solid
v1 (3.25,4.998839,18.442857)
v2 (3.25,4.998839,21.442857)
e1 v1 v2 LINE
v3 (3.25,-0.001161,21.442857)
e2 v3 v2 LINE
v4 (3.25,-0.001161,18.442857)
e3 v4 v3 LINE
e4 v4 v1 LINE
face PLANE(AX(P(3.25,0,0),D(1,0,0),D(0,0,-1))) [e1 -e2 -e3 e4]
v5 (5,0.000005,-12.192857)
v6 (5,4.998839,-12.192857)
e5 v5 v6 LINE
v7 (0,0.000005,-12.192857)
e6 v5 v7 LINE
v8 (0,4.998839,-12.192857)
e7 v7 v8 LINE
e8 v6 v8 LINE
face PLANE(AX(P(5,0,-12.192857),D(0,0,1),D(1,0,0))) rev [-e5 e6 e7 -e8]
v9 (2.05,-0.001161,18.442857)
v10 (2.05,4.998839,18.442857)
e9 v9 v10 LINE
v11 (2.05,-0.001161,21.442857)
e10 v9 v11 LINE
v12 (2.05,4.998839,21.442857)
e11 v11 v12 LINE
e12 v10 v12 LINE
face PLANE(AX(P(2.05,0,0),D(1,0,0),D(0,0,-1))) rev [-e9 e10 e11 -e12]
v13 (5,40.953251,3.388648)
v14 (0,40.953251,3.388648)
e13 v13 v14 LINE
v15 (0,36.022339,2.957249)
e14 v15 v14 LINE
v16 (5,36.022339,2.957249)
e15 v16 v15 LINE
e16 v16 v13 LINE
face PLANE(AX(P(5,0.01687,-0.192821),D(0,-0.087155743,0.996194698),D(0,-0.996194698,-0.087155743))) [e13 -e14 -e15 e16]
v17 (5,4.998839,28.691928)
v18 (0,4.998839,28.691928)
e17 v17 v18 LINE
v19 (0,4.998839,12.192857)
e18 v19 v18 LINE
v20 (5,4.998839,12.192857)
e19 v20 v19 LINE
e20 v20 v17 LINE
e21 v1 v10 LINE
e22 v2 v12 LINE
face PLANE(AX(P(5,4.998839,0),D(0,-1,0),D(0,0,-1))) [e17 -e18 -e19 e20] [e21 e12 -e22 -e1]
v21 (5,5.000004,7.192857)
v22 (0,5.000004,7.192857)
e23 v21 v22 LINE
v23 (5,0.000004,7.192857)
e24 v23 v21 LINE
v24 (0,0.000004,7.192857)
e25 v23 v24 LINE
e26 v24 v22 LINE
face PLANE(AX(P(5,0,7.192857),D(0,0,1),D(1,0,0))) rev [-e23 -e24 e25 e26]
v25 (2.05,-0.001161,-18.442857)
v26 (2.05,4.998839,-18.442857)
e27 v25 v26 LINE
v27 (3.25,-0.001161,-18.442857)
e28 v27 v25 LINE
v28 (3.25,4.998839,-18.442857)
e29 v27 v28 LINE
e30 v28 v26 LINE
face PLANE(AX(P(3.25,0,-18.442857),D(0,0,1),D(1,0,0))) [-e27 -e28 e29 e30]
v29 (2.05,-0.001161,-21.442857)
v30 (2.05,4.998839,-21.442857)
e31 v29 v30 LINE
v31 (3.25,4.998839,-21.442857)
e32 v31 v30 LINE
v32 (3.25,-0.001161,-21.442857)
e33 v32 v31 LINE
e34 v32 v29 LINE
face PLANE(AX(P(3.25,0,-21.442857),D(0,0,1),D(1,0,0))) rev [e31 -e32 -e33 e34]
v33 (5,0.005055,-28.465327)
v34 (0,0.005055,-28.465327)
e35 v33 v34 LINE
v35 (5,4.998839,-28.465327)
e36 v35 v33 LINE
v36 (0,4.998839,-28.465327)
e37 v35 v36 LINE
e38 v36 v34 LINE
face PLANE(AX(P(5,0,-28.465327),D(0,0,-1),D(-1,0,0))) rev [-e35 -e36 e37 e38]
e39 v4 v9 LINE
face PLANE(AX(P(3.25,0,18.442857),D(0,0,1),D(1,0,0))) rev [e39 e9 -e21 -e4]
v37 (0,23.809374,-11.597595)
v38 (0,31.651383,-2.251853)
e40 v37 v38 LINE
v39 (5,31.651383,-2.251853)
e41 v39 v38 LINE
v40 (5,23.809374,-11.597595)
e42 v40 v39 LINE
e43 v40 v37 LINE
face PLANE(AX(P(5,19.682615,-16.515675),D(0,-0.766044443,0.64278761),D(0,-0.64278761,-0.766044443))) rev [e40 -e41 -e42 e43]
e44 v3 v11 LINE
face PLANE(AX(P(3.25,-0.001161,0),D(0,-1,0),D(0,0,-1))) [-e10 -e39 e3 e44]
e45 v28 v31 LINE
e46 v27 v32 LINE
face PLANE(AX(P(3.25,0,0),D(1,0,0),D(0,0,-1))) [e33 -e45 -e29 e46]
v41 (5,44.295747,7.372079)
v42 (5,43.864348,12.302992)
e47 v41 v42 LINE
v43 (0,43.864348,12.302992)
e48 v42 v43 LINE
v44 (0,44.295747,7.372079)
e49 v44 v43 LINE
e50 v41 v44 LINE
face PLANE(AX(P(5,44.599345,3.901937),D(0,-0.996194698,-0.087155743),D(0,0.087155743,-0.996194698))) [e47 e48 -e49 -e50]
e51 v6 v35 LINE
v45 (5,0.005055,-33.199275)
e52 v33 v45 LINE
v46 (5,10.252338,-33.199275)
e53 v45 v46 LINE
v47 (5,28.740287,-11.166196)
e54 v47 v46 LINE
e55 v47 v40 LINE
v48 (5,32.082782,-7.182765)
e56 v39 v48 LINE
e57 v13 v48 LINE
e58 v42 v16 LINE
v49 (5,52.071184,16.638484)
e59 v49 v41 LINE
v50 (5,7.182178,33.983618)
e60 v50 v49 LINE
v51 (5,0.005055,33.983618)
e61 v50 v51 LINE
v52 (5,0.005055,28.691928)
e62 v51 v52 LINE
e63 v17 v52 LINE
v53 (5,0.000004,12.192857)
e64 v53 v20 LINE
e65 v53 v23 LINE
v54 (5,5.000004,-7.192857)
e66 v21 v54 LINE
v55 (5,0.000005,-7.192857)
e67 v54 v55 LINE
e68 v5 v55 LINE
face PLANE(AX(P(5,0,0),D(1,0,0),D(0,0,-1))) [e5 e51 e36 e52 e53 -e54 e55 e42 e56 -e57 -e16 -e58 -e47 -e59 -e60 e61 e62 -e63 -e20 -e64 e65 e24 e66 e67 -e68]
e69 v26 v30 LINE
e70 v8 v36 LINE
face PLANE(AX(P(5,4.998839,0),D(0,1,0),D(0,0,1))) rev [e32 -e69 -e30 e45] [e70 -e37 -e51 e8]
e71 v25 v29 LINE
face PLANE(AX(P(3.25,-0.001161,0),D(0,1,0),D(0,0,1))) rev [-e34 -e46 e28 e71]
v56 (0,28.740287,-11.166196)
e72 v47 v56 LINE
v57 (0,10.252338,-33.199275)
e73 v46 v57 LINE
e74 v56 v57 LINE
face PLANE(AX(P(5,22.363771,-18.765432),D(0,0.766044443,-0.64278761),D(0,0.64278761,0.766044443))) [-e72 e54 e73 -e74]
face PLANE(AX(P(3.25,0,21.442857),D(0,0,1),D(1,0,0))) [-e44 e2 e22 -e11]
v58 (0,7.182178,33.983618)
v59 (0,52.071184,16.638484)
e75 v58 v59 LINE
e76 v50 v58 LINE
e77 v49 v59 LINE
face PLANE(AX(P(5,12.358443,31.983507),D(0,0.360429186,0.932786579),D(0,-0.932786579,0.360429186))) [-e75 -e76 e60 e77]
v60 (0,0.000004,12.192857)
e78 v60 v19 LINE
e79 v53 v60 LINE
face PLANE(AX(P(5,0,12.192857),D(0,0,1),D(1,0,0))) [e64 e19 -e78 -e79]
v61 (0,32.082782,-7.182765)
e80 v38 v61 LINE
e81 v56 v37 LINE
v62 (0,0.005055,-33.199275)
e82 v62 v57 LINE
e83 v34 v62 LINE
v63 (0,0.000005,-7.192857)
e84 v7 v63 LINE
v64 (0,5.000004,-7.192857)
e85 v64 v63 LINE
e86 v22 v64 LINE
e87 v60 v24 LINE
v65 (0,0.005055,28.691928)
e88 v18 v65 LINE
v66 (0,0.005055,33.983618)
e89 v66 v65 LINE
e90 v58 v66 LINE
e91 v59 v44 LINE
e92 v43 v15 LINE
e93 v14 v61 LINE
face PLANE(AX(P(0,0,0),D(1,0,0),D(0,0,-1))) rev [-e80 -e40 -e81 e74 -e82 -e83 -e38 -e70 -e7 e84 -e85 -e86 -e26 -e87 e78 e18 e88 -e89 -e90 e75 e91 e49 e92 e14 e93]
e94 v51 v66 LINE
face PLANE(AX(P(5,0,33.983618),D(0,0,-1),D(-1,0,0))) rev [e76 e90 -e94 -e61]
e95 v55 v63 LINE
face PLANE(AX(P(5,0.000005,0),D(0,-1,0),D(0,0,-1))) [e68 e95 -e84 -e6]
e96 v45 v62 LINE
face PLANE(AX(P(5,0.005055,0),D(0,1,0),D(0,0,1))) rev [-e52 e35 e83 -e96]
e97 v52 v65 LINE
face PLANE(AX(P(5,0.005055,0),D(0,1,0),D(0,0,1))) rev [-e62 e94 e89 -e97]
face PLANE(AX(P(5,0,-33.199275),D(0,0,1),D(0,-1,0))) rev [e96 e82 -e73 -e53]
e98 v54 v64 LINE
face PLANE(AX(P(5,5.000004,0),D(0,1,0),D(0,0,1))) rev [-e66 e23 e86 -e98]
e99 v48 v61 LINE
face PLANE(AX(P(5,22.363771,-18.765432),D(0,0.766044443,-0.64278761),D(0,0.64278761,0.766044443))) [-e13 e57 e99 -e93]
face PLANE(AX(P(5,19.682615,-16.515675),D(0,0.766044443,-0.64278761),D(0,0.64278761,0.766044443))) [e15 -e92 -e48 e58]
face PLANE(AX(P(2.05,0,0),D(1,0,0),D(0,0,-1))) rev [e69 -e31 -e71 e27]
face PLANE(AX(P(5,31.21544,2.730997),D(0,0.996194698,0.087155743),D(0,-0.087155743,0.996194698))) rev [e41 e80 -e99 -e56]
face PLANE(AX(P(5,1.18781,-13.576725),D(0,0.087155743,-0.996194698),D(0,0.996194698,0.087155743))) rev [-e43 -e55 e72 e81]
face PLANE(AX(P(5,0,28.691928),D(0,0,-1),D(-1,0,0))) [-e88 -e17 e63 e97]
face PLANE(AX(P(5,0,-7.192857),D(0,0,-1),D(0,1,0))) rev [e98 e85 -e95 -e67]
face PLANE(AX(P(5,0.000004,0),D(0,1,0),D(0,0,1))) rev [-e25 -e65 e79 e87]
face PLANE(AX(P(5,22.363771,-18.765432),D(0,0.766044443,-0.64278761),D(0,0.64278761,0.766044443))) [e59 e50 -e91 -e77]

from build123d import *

# Parameters (mm, degrees)
BOSS_EXTRUDE2_DEPTH = 5
BOSS_EXTRUDE3_START = 2.05
SKETCH2_4_W         = 3
SKETCH2_4_H         = 5
BOSS_EXTRUDE3_DEPTH = 1.2


with BuildPart() as part:
    # Sketch2 → Boss-Extrude2 (new body)
    with BuildSketch(Plane(origin=(0, 0, 0), x_dir=(0, 0, -1), z_dir=(1, 0, 0))):
        Polygon((7.192857145, 5.102e-06), (12.192857145, 5.102e-06), (12.192857145, 4.998838637), (18.442857145, 4.998838637), (21.442857145, 4.998838637), (27.892857145, 4.998838637), (28.465326986, 4.998838637), (28.465326986, 0.00505468), (33.199274922, 0.00505468), (33.199274922, 10.252338302), (17.953083095, 23.045412241), (14.873464569, 25.62951901), (11.16619607, 28.740286641), (11.597594987, 23.809374456), (2.251852781, 31.651383294), (7.182764965, 32.082782211), (-3.38864835, 40.953251225), (-2.957249433, 36.02233904), (-12.302991639, 43.864347878), (-7.372079454, 44.295746795), (-16.638484456, 52.071183815), (-32.892857145, 10.00505468), (-33.983618254, 7.182177505), (-33.983618254, 0.00505468), (-33.199274922, 0.00505468), (-28.691927734, 0.00505468), (-28.691927734, 4.998838637), (-27.892857145, 4.998838637), (-21.442857145, 4.998838637), (-18.442857145, 4.998838637), (-12.192857145, 4.998838637), (-12.192857145, 4.163e-06), (-7.192857145, 4.163e-06), (-7.192857145, 5.000004163), (7.192857145, 5.000004163), align=None)
    extrude(amount=BOSS_EXTRUDE2_DEPTH)

    # Sketch2<4> → Boss-Extrude3 (add)
    with BuildSketch(Plane(origin=(0, 0, 0), x_dir=(0, 0, -1), z_dir=(1, 0, 0)).offset(BOSS_EXTRUDE3_START)):
        with Locations((19.942857145, 2.498838637)):
            Rectangle(SKETCH2_4_W, SKETCH2_4_H)
        with Locations((-19.942857145, 2.498838637)):
            Rectangle(SKETCH2_4_W, SKETCH2_4_H)
    extrude(amount=BOSS_EXTRUDE3_DEPTH)


solid = part.part
